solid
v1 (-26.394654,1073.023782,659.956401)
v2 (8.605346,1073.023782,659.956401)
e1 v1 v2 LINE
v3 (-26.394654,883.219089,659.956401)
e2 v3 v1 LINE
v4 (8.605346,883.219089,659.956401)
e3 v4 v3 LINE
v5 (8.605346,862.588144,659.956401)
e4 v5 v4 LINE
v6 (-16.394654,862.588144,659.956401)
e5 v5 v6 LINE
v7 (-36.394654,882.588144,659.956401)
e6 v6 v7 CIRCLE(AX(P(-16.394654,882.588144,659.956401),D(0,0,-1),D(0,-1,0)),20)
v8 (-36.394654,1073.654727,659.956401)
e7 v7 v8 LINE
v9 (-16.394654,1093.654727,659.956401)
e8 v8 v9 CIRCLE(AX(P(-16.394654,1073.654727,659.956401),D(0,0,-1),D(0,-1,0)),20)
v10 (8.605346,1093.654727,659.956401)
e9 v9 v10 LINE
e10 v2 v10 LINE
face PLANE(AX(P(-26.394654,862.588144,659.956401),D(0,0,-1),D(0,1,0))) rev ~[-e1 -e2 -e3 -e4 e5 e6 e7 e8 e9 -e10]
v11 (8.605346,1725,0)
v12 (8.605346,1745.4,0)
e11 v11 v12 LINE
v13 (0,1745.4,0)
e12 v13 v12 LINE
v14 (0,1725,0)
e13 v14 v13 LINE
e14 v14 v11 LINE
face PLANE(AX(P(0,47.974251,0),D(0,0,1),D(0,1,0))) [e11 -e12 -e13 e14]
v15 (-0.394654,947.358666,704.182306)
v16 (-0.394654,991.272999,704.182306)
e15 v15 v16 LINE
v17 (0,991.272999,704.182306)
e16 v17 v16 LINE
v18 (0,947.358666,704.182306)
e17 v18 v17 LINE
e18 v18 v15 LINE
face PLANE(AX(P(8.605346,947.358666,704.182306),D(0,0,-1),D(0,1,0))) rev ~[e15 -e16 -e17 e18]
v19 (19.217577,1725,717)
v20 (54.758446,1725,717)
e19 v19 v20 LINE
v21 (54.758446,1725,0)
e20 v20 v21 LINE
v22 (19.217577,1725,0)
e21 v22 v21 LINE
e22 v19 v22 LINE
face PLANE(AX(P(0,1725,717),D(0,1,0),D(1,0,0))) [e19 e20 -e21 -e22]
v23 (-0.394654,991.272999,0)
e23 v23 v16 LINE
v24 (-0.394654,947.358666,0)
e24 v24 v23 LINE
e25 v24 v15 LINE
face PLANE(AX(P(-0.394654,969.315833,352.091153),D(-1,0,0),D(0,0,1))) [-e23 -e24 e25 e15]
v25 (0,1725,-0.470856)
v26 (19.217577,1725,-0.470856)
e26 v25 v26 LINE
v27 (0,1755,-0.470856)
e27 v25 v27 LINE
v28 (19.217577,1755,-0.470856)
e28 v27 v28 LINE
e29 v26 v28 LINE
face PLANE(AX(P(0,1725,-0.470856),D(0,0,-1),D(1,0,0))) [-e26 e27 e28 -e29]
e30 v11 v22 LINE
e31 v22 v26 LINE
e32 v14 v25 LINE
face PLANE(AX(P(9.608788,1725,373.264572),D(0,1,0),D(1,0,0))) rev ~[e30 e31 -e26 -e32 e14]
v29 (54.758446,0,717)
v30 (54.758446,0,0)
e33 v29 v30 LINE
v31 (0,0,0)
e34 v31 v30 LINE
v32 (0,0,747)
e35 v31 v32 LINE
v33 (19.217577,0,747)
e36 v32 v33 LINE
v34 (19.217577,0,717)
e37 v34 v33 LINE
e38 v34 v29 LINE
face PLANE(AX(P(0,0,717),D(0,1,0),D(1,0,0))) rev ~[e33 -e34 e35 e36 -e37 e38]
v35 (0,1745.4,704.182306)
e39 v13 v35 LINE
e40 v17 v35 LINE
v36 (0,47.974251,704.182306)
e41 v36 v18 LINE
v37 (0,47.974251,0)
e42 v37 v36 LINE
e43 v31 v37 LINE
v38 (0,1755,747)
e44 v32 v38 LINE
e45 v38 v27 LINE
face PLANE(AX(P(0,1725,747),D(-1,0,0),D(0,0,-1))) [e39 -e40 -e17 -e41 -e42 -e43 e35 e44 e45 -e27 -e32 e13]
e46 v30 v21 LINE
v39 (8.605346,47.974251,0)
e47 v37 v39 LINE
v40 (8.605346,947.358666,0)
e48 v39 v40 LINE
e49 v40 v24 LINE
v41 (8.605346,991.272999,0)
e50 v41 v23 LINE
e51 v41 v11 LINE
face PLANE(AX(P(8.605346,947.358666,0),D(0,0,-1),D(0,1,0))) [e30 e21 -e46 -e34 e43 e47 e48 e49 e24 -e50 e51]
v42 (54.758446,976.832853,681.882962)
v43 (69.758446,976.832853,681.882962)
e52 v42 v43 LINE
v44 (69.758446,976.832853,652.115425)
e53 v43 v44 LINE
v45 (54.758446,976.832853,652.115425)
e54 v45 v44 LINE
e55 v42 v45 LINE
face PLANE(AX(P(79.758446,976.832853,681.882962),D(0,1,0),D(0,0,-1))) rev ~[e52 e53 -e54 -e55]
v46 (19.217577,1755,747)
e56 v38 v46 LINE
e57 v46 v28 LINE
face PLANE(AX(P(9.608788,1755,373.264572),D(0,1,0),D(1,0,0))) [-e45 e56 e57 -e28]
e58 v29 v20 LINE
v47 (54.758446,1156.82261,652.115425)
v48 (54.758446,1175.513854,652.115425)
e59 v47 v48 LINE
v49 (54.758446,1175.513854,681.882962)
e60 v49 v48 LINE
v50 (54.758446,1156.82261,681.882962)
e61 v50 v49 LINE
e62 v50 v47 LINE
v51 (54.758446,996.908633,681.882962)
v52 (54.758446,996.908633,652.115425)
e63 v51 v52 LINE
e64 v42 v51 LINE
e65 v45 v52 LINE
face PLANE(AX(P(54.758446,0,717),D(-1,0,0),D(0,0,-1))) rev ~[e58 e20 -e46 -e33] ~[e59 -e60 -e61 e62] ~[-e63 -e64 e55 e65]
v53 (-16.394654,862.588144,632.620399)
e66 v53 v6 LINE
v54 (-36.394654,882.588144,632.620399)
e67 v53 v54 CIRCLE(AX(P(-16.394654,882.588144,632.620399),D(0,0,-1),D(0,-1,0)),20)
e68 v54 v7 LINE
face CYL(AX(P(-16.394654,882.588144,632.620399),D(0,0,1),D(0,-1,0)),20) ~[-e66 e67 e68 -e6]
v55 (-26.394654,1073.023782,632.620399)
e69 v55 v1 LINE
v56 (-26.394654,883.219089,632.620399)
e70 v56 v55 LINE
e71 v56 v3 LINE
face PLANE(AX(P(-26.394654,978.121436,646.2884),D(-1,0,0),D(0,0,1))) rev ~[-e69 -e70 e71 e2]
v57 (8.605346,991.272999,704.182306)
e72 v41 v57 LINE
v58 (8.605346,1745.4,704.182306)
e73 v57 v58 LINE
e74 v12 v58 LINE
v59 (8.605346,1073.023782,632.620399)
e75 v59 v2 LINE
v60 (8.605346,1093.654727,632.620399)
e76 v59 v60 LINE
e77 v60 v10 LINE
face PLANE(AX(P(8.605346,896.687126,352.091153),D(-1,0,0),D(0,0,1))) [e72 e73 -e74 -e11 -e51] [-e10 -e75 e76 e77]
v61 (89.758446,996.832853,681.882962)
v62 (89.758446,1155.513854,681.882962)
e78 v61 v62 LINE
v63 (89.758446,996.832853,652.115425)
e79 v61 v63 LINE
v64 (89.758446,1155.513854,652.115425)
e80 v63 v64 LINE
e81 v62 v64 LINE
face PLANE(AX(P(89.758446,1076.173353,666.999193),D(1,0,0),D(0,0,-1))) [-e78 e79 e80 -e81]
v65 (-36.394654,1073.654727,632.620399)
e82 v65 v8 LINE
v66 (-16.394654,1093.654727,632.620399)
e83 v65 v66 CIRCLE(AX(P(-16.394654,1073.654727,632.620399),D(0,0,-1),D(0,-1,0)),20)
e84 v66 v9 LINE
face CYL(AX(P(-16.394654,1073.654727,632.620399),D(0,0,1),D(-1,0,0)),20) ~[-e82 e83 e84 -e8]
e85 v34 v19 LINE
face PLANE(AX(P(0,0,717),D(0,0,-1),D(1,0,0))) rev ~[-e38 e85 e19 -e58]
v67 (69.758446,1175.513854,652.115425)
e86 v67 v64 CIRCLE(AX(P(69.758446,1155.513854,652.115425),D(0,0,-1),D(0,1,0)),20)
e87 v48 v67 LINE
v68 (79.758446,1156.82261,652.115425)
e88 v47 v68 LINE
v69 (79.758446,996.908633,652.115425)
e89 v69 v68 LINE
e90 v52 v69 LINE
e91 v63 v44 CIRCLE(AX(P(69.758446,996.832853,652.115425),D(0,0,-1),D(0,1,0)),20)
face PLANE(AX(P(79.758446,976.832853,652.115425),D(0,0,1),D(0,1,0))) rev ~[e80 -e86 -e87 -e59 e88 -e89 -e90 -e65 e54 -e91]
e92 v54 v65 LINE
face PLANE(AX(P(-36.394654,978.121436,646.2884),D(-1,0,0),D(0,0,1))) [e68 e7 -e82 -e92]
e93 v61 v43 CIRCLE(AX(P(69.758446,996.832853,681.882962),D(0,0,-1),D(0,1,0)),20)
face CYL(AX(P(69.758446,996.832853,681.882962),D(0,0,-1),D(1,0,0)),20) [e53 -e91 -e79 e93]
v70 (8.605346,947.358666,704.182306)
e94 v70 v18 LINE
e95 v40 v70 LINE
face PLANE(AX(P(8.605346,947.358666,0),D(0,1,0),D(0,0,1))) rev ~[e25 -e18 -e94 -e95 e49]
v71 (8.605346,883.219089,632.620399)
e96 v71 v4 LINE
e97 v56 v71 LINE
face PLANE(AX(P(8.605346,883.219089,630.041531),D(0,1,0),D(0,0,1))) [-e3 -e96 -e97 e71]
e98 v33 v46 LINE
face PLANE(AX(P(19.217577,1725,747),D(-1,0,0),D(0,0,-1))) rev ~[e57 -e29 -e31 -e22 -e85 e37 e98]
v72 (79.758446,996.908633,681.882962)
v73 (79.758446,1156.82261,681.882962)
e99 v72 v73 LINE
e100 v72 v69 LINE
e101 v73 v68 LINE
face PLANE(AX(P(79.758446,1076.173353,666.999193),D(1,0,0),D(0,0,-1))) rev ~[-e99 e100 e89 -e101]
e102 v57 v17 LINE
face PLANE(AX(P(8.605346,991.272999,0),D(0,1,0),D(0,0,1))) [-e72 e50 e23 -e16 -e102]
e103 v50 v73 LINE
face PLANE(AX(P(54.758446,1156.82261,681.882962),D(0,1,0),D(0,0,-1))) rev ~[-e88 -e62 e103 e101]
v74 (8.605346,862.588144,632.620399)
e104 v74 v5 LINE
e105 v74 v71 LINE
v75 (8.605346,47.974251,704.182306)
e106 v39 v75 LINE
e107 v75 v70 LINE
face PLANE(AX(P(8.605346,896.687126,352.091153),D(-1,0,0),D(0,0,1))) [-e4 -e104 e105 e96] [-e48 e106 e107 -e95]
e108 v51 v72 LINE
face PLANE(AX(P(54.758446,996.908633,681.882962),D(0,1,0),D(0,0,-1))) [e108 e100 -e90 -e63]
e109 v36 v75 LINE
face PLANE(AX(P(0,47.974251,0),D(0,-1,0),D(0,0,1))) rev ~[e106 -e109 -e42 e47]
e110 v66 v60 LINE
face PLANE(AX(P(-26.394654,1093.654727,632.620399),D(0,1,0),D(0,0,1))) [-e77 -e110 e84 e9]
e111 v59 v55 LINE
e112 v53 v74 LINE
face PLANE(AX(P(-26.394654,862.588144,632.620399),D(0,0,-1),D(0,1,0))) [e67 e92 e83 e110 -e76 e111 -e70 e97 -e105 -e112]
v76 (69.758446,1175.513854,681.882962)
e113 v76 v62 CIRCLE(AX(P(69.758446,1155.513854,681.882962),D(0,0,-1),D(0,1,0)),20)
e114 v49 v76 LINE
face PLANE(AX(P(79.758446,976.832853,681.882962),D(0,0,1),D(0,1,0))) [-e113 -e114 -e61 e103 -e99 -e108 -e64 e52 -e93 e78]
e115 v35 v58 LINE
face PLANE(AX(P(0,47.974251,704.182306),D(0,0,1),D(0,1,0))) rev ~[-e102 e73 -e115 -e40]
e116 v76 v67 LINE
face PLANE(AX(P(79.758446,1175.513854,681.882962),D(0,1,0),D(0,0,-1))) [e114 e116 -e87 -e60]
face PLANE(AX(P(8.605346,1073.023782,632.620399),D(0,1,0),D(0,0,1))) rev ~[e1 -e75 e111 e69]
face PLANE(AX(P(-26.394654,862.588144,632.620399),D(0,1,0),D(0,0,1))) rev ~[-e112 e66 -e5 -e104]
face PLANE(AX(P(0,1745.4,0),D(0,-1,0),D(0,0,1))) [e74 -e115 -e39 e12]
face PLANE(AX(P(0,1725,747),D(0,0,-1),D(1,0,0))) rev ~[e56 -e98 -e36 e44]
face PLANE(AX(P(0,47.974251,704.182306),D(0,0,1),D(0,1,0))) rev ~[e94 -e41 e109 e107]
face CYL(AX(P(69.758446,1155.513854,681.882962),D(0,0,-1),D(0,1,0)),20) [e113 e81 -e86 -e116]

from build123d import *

# Parameters (mm, degrees)
SKETCH1_W            = 54.758446478
SKETCH1_H            = 717
BOSS_EXTRUDE1_DEPTH  = 1725
SKETCH2_W            = 19.21757675
SKETCH2_H            = 1725
BOSS_EXTRUDE2_DEPTH  = 30
SKETCH3_W            = 19.21757675
SKETCH3_H            = 747.470855808
BOSS_EXTRUDE3_DEPTH  = 30
SKETCH5_W            = 704.182305872
SKETCH5_H            = 1697.425748722
CUT_EXTRUDE1_DEPTH   = 8.60534571
SKETCH6_W            = 704.182305872
SKETCH6_H            = 43.914333375
BOSS_EXTRUDE5_DEPTH  = 9
SKETCH7_W            = 29.914870165
SKETCH7_H            = 20.630944942
BOSS_EXTRUDE6_DEPTH  = 35
SKETCH8_W            = 29.914870164
SKETCH8_H            = 20.630944941
BOSS_EXTRUDE7_DEPTH  = 35
SKETCH9_W            = 27.336002047
SKETCH9_H            = 231.066583342
BOSS_EXTRUDE8_DEPTH  = 10
SKETCH10_W           = 2.578868118
SKETCH10_H           = 20.630944942
CUT_EXTRUDE2_DEPTH   = 35
SKETCH11_W           = 2.578868117
SKETCH11_H           = 20.630944941
CUT_EXTRUDE3_DEPTH   = 35
FILLET2_R            = 20
FILLET3_R            = 20
SKETCH12_W           = 29.76753668
SKETCH12_H           = 18.691243962
SKETCH12_H_2         = 20.075780552
BOSS_EXTRUDE9_DEPTH  = 25
SKETCH13_W           = 29.76753668
SKETCH13_H           = 198.681000631
BOSS_EXTRUDE10_DEPTH = 10
FILLET4_R            = 20
FILLET5_R            = 20


with BuildPart() as part:
    # Sketch1 → Boss-Extrude1 (new body)
    with BuildSketch(Plane(origin=(0, 0, 0), x_dir=(1, 0, 0), z_dir=(0, 1, 0))):
        with Locations((27.379223239, -358.5)):
            Rectangle(SKETCH1_W, SKETCH1_H)
    extrude(amount=BOSS_EXTRUDE1_DEPTH)

    # Sketch2 → Boss-Extrude2 (add)
    with BuildSketch(Plane.XY.offset(717)):
        with Locations((9.608788375, 862.5)):
            Rectangle(SKETCH2_W, SKETCH2_H)
    extrude(amount=BOSS_EXTRUDE2_DEPTH)

    # Sketch3 → Boss-Extrude3 (add)
    with BuildSketch(Plane(origin=(0, 1725, 0), x_dir=(1, 0, 0), z_dir=(0, 1, 0))):
        with Locations((9.608788375, -373.264572096)):
            Rectangle(SKETCH3_W, SKETCH3_H)
    extrude(amount=BOSS_EXTRUDE3_DEPTH)

    # Sketch5 → Cut-Extrude1 (cut)
    with BuildSketch(Plane.ZY):
        with Locations((352.091152936, 896.687125639)):
            Rectangle(SKETCH5_W, SKETCH5_H)
    extrude(amount=-CUT_EXTRUDE1_DEPTH, mode=Mode.SUBTRACT)

    # Sketch6 → Boss-Extrude5 (add)
    with BuildSketch(Plane.ZY.offset(-8.60534571)):
        with Locations((352.091152936, 969.31583271)):
            Rectangle(SKETCH6_W, SKETCH6_H)
    extrude(amount=BOSS_EXTRUDE5_DEPTH)

    # Sketch7 → Boss-Extrude6 (add)
    with BuildSketch(Plane.ZY.offset(-8.60534571)):
        with Locations((647.577834423, 1083.33925491)):
            Rectangle(SKETCH7_W, SKETCH7_H)
    extrude(amount=BOSS_EXTRUDE6_DEPTH)

    # Sketch8 → Boss-Extrude7 (add)
    with BuildSketch(Plane.ZY.offset(-8.60534571)):
        with Locations((644.998966305, 872.90361651)):
            Rectangle(SKETCH8_W, SKETCH8_H)
    extrude(amount=BOSS_EXTRUDE7_DEPTH)

    # Sketch9 → Boss-Extrude8 (add)
    with BuildSketch(Plane.ZY.offset(26.39465429)):
        with Locations((646.288400364, 978.12143571)):
            Rectangle(SKETCH9_W, SKETCH9_H)
    extrude(amount=BOSS_EXTRUDE8_DEPTH)

    # Sketch10 → Cut-Extrude2 (cut)
    with BuildSketch(Plane.ZY.offset(26.39465429)):
        with Locations((661.245835446, 1083.33925491)):
            Rectangle(SKETCH10_W, SKETCH10_H)
    extrude(amount=-CUT_EXTRUDE2_DEPTH, mode=Mode.SUBTRACT)

    # Sketch11 → Cut-Extrude3 (cut)
    with BuildSketch(Plane.ZY.offset(26.39465429)):
        with Locations((631.330965282, 872.90361651)):
            Rectangle(SKETCH11_W, SKETCH11_H)
    extrude(amount=-CUT_EXTRUDE3_DEPTH, mode=Mode.SUBTRACT)

    # Fillet2
    fillet2_edges = [part.edges().sort_by_distance(p)[0] for p in [
        (-36.39465429, 862.588144039, 646.288400364),
    ]]
    fillet(fillet2_edges, radius=FILLET2_R)

    # Fillet3
    fillet3_edges = [part.edges().sort_by_distance(p)[0] for p in [
        (-36.39465429, 1093.654727381, 646.288400364),
    ]]
    fillet(fillet3_edges, radius=FILLET3_R)

    # Sketch12 → Boss-Extrude9 (add)
    with BuildSketch(Plane(origin=(54.758446478, 0, 0), x_dir=(0, 0, -1), z_dir=(1, 0, 0))):
        with Locations((-666.999193263, 1166.168231526)):
            Rectangle(SKETCH12_W, SKETCH12_H)
        with Locations((-666.999193263, 986.870743152)):
            Rectangle(SKETCH12_W, SKETCH12_H_2)
    extrude(amount=BOSS_EXTRUDE9_DEPTH)

    # Sketch13 → Boss-Extrude10 (add)
    with BuildSketch(Plane(origin=(79.758446478, 0, 0), x_dir=(0, 0, -1), z_dir=(1, 0, 0))):
        with Locations((-666.999193263, 1076.173353192)):
            Rectangle(SKETCH13_W, SKETCH13_H)
    extrude(amount=BOSS_EXTRUDE10_DEPTH)

    # Fillet4
    fillet4_edges = [part.edges().sort_by_distance(p)[0] for p in [
        (89.758446478, 1175.513853507, 666.999193263),
    ]]
    fillet(fillet4_edges, radius=FILLET4_R)

    # Fillet5
    fillet5_edges = [part.edges().sort_by_distance(p)[0] for p in [
        (89.758446478, 976.832852876, 666.999193263),
    ]]
    fillet(fillet5_edges, radius=FILLET5_R)


solid = part.part
